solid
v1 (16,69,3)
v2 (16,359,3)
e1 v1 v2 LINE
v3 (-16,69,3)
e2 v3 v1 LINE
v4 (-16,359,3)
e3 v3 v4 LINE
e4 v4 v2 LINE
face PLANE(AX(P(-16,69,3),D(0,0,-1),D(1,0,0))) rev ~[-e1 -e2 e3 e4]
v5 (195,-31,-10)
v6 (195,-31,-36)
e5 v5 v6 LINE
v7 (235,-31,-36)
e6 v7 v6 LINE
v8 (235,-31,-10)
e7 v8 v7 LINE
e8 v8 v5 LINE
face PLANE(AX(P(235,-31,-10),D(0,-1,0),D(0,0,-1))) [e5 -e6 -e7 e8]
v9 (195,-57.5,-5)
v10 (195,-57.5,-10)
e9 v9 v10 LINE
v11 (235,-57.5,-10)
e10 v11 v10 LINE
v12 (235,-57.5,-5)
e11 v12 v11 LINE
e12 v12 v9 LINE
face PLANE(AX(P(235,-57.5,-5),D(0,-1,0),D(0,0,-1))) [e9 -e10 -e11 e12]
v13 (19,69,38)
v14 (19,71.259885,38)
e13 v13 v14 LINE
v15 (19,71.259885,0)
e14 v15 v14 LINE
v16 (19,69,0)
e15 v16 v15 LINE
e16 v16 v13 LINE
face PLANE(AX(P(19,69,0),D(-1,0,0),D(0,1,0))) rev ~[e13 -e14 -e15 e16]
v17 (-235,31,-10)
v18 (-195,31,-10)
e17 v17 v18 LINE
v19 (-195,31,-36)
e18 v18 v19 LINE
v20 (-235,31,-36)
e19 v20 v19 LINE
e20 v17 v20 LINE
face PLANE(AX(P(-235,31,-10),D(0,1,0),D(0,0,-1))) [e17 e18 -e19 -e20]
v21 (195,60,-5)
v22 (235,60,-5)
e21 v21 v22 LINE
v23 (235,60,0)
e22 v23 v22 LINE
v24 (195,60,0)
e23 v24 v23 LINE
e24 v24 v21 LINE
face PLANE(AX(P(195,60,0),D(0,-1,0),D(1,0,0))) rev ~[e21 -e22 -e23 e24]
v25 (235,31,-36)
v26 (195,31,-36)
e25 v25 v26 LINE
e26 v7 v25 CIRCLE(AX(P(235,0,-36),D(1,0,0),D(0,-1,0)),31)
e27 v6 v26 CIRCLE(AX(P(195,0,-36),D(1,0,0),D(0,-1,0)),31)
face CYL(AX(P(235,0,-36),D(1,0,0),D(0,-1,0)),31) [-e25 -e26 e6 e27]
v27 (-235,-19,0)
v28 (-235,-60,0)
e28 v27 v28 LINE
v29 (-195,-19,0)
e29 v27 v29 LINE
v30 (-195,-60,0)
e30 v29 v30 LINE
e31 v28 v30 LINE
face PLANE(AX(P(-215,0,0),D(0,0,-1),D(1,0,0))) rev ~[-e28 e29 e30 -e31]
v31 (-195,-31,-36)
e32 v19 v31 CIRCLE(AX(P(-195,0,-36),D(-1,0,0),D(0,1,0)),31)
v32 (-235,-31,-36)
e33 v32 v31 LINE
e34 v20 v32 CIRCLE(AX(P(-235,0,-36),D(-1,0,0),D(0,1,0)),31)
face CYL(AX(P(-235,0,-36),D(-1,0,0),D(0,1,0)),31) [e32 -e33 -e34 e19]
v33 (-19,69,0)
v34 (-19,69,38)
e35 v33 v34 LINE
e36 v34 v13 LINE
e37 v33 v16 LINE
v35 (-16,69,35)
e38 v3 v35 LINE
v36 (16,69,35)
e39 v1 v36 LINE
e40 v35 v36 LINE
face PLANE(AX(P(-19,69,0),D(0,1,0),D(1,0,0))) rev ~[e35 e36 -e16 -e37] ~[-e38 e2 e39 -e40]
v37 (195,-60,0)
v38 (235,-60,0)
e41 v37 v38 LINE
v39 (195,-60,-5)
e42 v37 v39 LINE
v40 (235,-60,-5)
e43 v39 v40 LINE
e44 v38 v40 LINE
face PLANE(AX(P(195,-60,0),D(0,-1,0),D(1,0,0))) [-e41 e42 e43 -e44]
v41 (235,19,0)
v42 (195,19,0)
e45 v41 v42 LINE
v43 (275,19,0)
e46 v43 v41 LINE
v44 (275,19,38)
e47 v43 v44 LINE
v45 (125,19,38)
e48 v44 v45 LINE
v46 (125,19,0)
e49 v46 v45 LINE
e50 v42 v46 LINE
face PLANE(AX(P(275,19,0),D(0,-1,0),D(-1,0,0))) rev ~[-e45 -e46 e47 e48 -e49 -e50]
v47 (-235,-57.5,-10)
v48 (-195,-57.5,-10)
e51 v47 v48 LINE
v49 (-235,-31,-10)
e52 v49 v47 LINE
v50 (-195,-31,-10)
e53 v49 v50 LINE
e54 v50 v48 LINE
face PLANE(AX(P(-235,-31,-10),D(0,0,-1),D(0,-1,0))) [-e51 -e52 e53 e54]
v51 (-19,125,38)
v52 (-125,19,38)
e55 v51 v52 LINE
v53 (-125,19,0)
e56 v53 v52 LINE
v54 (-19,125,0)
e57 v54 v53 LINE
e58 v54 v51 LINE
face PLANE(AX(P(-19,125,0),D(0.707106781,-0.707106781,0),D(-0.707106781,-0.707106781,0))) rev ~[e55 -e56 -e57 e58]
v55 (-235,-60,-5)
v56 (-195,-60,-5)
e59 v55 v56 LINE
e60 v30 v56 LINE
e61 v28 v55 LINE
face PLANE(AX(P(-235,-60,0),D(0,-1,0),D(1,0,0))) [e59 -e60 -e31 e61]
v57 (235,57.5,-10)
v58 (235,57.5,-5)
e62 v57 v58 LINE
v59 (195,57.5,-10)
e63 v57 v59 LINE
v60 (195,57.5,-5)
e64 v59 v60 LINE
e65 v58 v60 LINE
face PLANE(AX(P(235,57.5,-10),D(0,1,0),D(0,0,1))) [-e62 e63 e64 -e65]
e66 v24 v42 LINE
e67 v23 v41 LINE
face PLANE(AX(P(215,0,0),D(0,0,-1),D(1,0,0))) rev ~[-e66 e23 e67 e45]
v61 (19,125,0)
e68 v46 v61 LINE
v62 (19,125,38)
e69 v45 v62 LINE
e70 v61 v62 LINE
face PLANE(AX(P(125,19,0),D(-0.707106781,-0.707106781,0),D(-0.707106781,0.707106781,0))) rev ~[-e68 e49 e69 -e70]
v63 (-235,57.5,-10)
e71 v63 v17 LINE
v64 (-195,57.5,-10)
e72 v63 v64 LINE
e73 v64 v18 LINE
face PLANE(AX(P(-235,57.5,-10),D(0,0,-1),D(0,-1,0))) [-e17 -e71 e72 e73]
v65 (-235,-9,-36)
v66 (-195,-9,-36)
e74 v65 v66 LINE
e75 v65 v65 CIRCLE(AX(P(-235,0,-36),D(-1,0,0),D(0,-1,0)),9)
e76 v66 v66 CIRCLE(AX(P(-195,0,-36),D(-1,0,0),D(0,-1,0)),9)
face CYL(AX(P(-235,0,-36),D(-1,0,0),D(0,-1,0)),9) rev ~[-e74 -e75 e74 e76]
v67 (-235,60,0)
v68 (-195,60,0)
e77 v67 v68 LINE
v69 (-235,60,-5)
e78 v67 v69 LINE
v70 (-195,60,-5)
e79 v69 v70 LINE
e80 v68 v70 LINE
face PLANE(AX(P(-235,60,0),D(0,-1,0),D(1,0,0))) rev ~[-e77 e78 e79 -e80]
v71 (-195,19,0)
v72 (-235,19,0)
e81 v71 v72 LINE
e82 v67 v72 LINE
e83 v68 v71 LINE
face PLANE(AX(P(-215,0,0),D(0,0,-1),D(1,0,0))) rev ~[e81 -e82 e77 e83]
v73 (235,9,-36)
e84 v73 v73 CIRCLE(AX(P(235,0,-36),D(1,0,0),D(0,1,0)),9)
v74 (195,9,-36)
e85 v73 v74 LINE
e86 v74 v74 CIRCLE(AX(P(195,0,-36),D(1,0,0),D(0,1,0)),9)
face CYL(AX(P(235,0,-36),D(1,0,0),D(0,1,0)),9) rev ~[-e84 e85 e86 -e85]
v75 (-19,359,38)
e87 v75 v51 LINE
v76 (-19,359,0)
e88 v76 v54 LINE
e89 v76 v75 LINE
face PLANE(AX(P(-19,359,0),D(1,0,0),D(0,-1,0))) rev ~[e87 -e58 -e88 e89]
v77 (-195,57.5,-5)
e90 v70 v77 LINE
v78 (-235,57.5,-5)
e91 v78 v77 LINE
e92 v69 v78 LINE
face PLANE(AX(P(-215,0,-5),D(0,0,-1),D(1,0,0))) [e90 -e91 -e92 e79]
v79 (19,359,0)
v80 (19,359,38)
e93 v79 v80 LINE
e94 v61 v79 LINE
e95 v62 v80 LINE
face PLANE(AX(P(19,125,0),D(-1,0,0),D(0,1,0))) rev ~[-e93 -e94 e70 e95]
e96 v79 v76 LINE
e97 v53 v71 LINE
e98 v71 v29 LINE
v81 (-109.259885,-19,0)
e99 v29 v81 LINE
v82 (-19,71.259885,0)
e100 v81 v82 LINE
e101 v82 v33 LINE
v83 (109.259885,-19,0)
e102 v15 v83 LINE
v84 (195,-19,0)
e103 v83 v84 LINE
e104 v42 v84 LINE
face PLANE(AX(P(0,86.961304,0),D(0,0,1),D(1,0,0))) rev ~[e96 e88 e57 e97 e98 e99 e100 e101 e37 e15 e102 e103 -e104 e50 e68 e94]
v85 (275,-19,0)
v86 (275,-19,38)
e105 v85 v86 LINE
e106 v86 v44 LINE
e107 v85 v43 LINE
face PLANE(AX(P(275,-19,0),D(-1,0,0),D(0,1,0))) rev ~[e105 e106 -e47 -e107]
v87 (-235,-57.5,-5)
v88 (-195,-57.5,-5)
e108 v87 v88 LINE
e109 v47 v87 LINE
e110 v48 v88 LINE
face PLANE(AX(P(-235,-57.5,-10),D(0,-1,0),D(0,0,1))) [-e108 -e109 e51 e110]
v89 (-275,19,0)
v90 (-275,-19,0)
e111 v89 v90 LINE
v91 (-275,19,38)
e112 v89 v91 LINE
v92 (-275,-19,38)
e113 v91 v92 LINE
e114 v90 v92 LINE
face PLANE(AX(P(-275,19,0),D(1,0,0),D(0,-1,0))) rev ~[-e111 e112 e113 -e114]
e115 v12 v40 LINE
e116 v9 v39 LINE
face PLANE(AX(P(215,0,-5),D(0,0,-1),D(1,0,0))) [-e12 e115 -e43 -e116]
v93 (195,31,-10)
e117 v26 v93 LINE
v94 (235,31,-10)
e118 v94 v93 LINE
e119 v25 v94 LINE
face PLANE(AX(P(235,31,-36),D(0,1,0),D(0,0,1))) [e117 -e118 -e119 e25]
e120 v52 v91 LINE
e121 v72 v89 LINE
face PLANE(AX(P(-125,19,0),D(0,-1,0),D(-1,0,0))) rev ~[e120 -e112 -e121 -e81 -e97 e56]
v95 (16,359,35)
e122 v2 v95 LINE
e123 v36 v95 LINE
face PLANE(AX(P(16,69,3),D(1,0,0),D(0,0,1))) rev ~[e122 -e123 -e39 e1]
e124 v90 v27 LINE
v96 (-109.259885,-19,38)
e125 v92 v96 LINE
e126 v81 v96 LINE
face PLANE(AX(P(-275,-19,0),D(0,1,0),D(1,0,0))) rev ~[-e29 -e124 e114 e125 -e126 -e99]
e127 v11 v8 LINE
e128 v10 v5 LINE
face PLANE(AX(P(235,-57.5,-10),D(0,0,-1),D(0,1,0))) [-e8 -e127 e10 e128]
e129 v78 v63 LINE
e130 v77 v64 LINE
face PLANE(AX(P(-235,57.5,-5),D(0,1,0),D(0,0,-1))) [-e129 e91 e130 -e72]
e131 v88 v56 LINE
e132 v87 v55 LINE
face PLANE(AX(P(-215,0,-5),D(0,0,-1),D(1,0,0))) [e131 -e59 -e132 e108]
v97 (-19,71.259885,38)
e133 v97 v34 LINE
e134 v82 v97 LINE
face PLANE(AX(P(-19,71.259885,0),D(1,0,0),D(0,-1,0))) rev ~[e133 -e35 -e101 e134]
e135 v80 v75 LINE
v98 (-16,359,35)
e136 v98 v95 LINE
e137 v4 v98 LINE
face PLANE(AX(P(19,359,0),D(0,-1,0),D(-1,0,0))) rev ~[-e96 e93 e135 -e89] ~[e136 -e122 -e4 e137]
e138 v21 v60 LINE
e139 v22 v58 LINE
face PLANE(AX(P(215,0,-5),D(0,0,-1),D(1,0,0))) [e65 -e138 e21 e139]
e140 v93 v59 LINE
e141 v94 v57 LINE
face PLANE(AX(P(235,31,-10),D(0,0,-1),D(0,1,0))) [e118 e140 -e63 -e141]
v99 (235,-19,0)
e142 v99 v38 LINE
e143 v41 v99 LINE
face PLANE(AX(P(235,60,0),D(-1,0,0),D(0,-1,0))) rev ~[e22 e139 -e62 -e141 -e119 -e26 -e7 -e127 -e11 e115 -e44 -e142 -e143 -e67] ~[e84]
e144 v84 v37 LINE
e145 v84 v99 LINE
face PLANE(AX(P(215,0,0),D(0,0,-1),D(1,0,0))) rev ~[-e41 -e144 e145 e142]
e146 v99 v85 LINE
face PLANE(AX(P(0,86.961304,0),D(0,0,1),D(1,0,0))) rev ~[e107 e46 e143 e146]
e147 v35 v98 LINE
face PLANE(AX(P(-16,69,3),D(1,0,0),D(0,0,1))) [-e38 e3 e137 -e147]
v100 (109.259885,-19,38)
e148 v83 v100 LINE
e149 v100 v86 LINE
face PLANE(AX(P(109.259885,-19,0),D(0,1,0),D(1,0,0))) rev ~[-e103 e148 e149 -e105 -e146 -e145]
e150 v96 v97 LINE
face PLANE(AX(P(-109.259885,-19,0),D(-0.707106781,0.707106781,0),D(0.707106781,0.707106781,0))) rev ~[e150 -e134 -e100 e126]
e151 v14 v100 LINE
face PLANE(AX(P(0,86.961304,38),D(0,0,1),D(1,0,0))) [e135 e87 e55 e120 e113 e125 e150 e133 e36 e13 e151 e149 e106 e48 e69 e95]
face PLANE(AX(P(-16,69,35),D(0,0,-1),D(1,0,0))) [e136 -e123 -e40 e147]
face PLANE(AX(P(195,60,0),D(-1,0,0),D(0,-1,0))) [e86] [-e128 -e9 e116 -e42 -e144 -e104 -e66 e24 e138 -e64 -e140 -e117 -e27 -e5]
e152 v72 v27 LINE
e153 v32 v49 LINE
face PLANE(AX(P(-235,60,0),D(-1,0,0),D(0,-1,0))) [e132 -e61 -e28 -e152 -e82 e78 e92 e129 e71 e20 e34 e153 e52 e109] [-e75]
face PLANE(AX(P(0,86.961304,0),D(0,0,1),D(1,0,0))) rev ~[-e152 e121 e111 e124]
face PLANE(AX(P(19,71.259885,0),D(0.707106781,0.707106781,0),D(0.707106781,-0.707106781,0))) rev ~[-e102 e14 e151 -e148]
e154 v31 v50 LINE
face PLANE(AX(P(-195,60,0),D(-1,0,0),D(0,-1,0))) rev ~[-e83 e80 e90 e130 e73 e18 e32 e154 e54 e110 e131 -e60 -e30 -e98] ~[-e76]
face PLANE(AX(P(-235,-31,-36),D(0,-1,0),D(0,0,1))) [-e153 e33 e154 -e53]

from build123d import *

# Parameters (mm, degrees)
F1_DEPTH = 38
F2_W     = 32
F2_H     = 32
F3_DEPTH = 290.001
F4_W     = 40
F4_H     = 120
F5_DEPTH = 5
F6_R     = 9
F7_DEPTH = 40
F8_R     = 9
F9_DEPTH = 40


with BuildPart() as f1:
    # F0 (on Top) → F1 (new body)
    with BuildSketch(Plane.XY):
        Polygon((-275, 19), (-275, -19), (-109.259885, -19), (-19, 71.259885), (-19, 69), (19, 69), (19, 71.259885), (109.259885, -19), (275, -19), (275, 19), (125, 19), (19, 125), (19, 359), (-19, 359), (-19, 125), (-125, 19), align=None)
    extrude(amount=F1_DEPTH)

    # F2 (on face) → F3 (cut, through all)
    with BuildSketch(Plane.XZ.offset(-69)):
        with Locations((0, 19)):
            Rectangle(F2_W, F2_H)
    extrude(amount=-F3_DEPTH, mode=Mode.SUBTRACT)

    # F4 (on face) → F5 (join)
    with BuildSketch(Plane(origin=(0, 0, 0), x_dir=(1, 0, 0), z_dir=(0, 0, -1))):
        with Locations((-215, 0)):
            Rectangle(F4_W, F4_H)
        with Locations((215, 0)):
            Rectangle(F4_W, F4_H)
    extrude(amount=F5_DEPTH)

    # F6 (on face) → F7 (join)
    with BuildSketch(Plane(origin=(-235, 0, 0), x_dir=(0, -1, 0), z_dir=(-1, 0, 0))):
        with BuildLine():
            Line((-31, -10), (-31, -36))
            ThreePointArc((-31, -36), (0, -67), (31, -36))
            Line((31, -36), (31, -10))
            Line((31, -10), (57.5, -10))
            Line((57.5, -10), (57.5, -5))
            Line((57.5, -5), (-57.5, -5))
            Line((-57.5, -5), (-57.5, -10))
            Line((-57.5, -10), (-31, -10))
        make_face()
        with Locations((0, -36)):
            Circle(F6_R, mode=Mode.SUBTRACT)
    extrude(amount=-F7_DEPTH)

    # F8 (on face) → F9 (join)
    with BuildSketch(Plane.YZ.offset(235)):
        with BuildLine():
            Line((-31, -10), (-31, -36))
            ThreePointArc((-31, -36), (0, -67), (31, -36))
            Line((31, -36), (31, -10))
            Line((31, -10), (57.5, -10))
            Line((57.5, -10), (57.5, -5))
            Line((57.5, -5), (-57.5, -5))
            Line((-57.5, -5), (-57.5, -10))
            Line((-57.5, -10), (-31, -10))
        make_face()
        with Locations((0, -36)):
            Circle(F8_R, mode=Mode.SUBTRACT)
    extrude(amount=-F9_DEPTH)


solid = f1.part
